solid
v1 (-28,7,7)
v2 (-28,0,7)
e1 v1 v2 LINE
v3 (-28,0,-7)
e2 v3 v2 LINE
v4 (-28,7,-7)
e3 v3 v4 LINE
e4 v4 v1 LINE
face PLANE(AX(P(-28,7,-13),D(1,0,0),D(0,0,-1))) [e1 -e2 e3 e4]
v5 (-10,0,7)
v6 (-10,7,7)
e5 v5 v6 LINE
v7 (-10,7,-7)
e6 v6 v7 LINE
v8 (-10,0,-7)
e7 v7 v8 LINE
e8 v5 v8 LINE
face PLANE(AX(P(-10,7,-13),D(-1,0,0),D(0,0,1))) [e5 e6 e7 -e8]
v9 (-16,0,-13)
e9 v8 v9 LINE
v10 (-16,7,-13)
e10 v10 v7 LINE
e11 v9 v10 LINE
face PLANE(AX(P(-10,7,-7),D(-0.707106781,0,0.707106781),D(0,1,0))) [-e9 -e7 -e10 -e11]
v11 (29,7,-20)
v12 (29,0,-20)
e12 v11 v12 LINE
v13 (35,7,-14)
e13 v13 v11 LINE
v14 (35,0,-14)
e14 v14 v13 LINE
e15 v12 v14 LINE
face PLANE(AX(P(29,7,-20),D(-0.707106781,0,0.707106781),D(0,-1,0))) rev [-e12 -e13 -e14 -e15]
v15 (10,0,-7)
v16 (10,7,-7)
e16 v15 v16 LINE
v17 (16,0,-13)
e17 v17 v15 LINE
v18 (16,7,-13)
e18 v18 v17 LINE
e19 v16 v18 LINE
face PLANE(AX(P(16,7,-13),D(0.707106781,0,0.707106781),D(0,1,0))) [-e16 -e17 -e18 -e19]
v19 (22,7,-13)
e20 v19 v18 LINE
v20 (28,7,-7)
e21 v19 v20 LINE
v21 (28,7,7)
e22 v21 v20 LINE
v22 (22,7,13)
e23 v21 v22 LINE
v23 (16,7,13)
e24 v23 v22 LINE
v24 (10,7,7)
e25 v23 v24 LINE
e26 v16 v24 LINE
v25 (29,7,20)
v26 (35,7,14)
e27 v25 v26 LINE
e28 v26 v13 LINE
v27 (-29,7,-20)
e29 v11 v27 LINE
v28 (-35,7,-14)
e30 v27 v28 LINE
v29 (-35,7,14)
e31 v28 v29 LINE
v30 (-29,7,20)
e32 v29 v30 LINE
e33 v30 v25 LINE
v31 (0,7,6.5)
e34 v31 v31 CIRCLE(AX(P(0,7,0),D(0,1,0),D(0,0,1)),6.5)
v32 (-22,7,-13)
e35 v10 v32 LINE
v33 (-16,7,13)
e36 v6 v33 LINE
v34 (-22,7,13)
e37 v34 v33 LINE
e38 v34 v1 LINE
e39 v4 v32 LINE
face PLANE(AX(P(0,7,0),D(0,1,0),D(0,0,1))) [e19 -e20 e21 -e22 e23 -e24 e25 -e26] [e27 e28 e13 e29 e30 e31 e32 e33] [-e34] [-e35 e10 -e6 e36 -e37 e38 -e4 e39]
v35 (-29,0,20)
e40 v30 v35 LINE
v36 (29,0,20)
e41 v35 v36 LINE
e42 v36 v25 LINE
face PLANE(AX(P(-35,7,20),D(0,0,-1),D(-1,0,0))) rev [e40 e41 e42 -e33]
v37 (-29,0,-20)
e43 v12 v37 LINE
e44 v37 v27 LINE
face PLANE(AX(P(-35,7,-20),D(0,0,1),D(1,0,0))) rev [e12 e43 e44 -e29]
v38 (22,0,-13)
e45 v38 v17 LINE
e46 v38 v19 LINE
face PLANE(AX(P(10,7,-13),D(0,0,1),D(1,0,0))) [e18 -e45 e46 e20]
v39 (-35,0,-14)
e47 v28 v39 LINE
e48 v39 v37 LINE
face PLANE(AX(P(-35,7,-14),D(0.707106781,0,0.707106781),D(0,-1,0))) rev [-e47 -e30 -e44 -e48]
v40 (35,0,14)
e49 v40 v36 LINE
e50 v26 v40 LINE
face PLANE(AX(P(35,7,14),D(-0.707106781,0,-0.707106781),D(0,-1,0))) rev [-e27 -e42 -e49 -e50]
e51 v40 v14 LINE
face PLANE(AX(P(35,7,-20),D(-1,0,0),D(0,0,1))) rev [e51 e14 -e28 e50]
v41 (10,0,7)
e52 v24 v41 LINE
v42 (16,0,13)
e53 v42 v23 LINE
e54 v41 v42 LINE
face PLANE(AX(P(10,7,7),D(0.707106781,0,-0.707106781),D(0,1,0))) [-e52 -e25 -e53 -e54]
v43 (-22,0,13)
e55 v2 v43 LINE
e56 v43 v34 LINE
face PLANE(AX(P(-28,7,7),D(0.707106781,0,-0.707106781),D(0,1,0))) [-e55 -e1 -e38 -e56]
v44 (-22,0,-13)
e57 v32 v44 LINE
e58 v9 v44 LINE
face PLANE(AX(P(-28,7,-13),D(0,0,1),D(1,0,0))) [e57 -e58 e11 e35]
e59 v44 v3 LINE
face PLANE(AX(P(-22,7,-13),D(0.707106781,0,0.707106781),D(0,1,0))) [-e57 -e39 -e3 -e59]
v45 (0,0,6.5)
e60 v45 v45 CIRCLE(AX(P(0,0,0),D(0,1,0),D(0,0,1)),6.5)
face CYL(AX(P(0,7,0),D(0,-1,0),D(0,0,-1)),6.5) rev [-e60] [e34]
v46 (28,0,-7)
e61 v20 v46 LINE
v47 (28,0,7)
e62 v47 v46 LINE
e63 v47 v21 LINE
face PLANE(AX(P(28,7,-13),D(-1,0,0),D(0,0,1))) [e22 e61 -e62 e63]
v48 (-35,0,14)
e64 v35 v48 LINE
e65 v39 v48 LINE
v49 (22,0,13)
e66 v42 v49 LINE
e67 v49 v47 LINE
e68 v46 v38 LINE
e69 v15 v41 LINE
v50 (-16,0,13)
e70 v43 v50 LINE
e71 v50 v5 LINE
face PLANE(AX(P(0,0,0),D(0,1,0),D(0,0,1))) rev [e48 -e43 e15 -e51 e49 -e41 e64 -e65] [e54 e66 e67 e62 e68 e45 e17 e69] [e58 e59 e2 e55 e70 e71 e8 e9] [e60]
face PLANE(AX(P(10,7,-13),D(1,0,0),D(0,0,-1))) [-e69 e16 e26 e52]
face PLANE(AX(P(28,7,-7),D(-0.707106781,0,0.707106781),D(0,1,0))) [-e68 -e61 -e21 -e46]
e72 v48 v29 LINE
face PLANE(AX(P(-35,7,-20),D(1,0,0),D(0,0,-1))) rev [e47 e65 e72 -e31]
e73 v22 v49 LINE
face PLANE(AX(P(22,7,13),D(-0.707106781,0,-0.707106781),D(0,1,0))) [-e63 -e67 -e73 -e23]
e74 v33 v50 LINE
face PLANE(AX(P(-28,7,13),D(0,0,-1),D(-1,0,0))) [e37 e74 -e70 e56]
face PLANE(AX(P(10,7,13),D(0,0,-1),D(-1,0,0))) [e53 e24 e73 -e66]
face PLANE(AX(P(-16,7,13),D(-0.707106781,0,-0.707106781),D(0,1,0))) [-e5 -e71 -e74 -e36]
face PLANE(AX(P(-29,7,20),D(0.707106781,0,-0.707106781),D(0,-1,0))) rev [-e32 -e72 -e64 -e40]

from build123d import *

# Parameters (mm, degrees)
SKETCH1_W           = 70
SKETCH1_H           = 40
SKETCH1_R           = 6.5
SKETCH1_W_2         = 18
SKETCH1_H_2         = 26
BOSS_EXTRUDE1_DEPTH = 7
CHAMFER1_SIZE       = 6


with BuildPart() as part:
    # Sketch1 → Boss-Extrude1 (new body)
    with BuildSketch(Plane(origin=(0, 0, 0), x_dir=(1, 0, 0), z_dir=(0, 1, 0))):
        Rectangle(SKETCH1_W, SKETCH1_H)
        with Locations(Location((0, 0, 0), (0, 0, 270))):
            Circle(SKETCH1_R, mode=Mode.SUBTRACT)
        with Locations((-19, 0)):
            Rectangle(SKETCH1_W_2, SKETCH1_H_2, mode=Mode.SUBTRACT)
        with Locations((19, 0)):
            Rectangle(SKETCH1_W_2, SKETCH1_H_2, mode=Mode.SUBTRACT)
    extrude(amount=BOSS_EXTRUDE1_DEPTH)

    # Chamfer1
    chamfer1_edges = [part.edges().sort_by_distance(p)[0] for p in [
        (-10, 3.5, 13),
        (-10, 3.5, -13),
        (-28, 3.5, -13),
        (-28, 3.5, 13),
        (28, 3.5, 13),
        (28, 3.5, -13),
        (10, 3.5, -13),
        (10, 3.5, 13),
        (35, 3.5, 20),
        (-35, 3.5, 20),
        (-35, 3.5, -20),
        (35, 3.5, -20),
    ]]
    chamfer(chamfer1_edges, length=CHAMFER1_SIZE)


solid = part.part
